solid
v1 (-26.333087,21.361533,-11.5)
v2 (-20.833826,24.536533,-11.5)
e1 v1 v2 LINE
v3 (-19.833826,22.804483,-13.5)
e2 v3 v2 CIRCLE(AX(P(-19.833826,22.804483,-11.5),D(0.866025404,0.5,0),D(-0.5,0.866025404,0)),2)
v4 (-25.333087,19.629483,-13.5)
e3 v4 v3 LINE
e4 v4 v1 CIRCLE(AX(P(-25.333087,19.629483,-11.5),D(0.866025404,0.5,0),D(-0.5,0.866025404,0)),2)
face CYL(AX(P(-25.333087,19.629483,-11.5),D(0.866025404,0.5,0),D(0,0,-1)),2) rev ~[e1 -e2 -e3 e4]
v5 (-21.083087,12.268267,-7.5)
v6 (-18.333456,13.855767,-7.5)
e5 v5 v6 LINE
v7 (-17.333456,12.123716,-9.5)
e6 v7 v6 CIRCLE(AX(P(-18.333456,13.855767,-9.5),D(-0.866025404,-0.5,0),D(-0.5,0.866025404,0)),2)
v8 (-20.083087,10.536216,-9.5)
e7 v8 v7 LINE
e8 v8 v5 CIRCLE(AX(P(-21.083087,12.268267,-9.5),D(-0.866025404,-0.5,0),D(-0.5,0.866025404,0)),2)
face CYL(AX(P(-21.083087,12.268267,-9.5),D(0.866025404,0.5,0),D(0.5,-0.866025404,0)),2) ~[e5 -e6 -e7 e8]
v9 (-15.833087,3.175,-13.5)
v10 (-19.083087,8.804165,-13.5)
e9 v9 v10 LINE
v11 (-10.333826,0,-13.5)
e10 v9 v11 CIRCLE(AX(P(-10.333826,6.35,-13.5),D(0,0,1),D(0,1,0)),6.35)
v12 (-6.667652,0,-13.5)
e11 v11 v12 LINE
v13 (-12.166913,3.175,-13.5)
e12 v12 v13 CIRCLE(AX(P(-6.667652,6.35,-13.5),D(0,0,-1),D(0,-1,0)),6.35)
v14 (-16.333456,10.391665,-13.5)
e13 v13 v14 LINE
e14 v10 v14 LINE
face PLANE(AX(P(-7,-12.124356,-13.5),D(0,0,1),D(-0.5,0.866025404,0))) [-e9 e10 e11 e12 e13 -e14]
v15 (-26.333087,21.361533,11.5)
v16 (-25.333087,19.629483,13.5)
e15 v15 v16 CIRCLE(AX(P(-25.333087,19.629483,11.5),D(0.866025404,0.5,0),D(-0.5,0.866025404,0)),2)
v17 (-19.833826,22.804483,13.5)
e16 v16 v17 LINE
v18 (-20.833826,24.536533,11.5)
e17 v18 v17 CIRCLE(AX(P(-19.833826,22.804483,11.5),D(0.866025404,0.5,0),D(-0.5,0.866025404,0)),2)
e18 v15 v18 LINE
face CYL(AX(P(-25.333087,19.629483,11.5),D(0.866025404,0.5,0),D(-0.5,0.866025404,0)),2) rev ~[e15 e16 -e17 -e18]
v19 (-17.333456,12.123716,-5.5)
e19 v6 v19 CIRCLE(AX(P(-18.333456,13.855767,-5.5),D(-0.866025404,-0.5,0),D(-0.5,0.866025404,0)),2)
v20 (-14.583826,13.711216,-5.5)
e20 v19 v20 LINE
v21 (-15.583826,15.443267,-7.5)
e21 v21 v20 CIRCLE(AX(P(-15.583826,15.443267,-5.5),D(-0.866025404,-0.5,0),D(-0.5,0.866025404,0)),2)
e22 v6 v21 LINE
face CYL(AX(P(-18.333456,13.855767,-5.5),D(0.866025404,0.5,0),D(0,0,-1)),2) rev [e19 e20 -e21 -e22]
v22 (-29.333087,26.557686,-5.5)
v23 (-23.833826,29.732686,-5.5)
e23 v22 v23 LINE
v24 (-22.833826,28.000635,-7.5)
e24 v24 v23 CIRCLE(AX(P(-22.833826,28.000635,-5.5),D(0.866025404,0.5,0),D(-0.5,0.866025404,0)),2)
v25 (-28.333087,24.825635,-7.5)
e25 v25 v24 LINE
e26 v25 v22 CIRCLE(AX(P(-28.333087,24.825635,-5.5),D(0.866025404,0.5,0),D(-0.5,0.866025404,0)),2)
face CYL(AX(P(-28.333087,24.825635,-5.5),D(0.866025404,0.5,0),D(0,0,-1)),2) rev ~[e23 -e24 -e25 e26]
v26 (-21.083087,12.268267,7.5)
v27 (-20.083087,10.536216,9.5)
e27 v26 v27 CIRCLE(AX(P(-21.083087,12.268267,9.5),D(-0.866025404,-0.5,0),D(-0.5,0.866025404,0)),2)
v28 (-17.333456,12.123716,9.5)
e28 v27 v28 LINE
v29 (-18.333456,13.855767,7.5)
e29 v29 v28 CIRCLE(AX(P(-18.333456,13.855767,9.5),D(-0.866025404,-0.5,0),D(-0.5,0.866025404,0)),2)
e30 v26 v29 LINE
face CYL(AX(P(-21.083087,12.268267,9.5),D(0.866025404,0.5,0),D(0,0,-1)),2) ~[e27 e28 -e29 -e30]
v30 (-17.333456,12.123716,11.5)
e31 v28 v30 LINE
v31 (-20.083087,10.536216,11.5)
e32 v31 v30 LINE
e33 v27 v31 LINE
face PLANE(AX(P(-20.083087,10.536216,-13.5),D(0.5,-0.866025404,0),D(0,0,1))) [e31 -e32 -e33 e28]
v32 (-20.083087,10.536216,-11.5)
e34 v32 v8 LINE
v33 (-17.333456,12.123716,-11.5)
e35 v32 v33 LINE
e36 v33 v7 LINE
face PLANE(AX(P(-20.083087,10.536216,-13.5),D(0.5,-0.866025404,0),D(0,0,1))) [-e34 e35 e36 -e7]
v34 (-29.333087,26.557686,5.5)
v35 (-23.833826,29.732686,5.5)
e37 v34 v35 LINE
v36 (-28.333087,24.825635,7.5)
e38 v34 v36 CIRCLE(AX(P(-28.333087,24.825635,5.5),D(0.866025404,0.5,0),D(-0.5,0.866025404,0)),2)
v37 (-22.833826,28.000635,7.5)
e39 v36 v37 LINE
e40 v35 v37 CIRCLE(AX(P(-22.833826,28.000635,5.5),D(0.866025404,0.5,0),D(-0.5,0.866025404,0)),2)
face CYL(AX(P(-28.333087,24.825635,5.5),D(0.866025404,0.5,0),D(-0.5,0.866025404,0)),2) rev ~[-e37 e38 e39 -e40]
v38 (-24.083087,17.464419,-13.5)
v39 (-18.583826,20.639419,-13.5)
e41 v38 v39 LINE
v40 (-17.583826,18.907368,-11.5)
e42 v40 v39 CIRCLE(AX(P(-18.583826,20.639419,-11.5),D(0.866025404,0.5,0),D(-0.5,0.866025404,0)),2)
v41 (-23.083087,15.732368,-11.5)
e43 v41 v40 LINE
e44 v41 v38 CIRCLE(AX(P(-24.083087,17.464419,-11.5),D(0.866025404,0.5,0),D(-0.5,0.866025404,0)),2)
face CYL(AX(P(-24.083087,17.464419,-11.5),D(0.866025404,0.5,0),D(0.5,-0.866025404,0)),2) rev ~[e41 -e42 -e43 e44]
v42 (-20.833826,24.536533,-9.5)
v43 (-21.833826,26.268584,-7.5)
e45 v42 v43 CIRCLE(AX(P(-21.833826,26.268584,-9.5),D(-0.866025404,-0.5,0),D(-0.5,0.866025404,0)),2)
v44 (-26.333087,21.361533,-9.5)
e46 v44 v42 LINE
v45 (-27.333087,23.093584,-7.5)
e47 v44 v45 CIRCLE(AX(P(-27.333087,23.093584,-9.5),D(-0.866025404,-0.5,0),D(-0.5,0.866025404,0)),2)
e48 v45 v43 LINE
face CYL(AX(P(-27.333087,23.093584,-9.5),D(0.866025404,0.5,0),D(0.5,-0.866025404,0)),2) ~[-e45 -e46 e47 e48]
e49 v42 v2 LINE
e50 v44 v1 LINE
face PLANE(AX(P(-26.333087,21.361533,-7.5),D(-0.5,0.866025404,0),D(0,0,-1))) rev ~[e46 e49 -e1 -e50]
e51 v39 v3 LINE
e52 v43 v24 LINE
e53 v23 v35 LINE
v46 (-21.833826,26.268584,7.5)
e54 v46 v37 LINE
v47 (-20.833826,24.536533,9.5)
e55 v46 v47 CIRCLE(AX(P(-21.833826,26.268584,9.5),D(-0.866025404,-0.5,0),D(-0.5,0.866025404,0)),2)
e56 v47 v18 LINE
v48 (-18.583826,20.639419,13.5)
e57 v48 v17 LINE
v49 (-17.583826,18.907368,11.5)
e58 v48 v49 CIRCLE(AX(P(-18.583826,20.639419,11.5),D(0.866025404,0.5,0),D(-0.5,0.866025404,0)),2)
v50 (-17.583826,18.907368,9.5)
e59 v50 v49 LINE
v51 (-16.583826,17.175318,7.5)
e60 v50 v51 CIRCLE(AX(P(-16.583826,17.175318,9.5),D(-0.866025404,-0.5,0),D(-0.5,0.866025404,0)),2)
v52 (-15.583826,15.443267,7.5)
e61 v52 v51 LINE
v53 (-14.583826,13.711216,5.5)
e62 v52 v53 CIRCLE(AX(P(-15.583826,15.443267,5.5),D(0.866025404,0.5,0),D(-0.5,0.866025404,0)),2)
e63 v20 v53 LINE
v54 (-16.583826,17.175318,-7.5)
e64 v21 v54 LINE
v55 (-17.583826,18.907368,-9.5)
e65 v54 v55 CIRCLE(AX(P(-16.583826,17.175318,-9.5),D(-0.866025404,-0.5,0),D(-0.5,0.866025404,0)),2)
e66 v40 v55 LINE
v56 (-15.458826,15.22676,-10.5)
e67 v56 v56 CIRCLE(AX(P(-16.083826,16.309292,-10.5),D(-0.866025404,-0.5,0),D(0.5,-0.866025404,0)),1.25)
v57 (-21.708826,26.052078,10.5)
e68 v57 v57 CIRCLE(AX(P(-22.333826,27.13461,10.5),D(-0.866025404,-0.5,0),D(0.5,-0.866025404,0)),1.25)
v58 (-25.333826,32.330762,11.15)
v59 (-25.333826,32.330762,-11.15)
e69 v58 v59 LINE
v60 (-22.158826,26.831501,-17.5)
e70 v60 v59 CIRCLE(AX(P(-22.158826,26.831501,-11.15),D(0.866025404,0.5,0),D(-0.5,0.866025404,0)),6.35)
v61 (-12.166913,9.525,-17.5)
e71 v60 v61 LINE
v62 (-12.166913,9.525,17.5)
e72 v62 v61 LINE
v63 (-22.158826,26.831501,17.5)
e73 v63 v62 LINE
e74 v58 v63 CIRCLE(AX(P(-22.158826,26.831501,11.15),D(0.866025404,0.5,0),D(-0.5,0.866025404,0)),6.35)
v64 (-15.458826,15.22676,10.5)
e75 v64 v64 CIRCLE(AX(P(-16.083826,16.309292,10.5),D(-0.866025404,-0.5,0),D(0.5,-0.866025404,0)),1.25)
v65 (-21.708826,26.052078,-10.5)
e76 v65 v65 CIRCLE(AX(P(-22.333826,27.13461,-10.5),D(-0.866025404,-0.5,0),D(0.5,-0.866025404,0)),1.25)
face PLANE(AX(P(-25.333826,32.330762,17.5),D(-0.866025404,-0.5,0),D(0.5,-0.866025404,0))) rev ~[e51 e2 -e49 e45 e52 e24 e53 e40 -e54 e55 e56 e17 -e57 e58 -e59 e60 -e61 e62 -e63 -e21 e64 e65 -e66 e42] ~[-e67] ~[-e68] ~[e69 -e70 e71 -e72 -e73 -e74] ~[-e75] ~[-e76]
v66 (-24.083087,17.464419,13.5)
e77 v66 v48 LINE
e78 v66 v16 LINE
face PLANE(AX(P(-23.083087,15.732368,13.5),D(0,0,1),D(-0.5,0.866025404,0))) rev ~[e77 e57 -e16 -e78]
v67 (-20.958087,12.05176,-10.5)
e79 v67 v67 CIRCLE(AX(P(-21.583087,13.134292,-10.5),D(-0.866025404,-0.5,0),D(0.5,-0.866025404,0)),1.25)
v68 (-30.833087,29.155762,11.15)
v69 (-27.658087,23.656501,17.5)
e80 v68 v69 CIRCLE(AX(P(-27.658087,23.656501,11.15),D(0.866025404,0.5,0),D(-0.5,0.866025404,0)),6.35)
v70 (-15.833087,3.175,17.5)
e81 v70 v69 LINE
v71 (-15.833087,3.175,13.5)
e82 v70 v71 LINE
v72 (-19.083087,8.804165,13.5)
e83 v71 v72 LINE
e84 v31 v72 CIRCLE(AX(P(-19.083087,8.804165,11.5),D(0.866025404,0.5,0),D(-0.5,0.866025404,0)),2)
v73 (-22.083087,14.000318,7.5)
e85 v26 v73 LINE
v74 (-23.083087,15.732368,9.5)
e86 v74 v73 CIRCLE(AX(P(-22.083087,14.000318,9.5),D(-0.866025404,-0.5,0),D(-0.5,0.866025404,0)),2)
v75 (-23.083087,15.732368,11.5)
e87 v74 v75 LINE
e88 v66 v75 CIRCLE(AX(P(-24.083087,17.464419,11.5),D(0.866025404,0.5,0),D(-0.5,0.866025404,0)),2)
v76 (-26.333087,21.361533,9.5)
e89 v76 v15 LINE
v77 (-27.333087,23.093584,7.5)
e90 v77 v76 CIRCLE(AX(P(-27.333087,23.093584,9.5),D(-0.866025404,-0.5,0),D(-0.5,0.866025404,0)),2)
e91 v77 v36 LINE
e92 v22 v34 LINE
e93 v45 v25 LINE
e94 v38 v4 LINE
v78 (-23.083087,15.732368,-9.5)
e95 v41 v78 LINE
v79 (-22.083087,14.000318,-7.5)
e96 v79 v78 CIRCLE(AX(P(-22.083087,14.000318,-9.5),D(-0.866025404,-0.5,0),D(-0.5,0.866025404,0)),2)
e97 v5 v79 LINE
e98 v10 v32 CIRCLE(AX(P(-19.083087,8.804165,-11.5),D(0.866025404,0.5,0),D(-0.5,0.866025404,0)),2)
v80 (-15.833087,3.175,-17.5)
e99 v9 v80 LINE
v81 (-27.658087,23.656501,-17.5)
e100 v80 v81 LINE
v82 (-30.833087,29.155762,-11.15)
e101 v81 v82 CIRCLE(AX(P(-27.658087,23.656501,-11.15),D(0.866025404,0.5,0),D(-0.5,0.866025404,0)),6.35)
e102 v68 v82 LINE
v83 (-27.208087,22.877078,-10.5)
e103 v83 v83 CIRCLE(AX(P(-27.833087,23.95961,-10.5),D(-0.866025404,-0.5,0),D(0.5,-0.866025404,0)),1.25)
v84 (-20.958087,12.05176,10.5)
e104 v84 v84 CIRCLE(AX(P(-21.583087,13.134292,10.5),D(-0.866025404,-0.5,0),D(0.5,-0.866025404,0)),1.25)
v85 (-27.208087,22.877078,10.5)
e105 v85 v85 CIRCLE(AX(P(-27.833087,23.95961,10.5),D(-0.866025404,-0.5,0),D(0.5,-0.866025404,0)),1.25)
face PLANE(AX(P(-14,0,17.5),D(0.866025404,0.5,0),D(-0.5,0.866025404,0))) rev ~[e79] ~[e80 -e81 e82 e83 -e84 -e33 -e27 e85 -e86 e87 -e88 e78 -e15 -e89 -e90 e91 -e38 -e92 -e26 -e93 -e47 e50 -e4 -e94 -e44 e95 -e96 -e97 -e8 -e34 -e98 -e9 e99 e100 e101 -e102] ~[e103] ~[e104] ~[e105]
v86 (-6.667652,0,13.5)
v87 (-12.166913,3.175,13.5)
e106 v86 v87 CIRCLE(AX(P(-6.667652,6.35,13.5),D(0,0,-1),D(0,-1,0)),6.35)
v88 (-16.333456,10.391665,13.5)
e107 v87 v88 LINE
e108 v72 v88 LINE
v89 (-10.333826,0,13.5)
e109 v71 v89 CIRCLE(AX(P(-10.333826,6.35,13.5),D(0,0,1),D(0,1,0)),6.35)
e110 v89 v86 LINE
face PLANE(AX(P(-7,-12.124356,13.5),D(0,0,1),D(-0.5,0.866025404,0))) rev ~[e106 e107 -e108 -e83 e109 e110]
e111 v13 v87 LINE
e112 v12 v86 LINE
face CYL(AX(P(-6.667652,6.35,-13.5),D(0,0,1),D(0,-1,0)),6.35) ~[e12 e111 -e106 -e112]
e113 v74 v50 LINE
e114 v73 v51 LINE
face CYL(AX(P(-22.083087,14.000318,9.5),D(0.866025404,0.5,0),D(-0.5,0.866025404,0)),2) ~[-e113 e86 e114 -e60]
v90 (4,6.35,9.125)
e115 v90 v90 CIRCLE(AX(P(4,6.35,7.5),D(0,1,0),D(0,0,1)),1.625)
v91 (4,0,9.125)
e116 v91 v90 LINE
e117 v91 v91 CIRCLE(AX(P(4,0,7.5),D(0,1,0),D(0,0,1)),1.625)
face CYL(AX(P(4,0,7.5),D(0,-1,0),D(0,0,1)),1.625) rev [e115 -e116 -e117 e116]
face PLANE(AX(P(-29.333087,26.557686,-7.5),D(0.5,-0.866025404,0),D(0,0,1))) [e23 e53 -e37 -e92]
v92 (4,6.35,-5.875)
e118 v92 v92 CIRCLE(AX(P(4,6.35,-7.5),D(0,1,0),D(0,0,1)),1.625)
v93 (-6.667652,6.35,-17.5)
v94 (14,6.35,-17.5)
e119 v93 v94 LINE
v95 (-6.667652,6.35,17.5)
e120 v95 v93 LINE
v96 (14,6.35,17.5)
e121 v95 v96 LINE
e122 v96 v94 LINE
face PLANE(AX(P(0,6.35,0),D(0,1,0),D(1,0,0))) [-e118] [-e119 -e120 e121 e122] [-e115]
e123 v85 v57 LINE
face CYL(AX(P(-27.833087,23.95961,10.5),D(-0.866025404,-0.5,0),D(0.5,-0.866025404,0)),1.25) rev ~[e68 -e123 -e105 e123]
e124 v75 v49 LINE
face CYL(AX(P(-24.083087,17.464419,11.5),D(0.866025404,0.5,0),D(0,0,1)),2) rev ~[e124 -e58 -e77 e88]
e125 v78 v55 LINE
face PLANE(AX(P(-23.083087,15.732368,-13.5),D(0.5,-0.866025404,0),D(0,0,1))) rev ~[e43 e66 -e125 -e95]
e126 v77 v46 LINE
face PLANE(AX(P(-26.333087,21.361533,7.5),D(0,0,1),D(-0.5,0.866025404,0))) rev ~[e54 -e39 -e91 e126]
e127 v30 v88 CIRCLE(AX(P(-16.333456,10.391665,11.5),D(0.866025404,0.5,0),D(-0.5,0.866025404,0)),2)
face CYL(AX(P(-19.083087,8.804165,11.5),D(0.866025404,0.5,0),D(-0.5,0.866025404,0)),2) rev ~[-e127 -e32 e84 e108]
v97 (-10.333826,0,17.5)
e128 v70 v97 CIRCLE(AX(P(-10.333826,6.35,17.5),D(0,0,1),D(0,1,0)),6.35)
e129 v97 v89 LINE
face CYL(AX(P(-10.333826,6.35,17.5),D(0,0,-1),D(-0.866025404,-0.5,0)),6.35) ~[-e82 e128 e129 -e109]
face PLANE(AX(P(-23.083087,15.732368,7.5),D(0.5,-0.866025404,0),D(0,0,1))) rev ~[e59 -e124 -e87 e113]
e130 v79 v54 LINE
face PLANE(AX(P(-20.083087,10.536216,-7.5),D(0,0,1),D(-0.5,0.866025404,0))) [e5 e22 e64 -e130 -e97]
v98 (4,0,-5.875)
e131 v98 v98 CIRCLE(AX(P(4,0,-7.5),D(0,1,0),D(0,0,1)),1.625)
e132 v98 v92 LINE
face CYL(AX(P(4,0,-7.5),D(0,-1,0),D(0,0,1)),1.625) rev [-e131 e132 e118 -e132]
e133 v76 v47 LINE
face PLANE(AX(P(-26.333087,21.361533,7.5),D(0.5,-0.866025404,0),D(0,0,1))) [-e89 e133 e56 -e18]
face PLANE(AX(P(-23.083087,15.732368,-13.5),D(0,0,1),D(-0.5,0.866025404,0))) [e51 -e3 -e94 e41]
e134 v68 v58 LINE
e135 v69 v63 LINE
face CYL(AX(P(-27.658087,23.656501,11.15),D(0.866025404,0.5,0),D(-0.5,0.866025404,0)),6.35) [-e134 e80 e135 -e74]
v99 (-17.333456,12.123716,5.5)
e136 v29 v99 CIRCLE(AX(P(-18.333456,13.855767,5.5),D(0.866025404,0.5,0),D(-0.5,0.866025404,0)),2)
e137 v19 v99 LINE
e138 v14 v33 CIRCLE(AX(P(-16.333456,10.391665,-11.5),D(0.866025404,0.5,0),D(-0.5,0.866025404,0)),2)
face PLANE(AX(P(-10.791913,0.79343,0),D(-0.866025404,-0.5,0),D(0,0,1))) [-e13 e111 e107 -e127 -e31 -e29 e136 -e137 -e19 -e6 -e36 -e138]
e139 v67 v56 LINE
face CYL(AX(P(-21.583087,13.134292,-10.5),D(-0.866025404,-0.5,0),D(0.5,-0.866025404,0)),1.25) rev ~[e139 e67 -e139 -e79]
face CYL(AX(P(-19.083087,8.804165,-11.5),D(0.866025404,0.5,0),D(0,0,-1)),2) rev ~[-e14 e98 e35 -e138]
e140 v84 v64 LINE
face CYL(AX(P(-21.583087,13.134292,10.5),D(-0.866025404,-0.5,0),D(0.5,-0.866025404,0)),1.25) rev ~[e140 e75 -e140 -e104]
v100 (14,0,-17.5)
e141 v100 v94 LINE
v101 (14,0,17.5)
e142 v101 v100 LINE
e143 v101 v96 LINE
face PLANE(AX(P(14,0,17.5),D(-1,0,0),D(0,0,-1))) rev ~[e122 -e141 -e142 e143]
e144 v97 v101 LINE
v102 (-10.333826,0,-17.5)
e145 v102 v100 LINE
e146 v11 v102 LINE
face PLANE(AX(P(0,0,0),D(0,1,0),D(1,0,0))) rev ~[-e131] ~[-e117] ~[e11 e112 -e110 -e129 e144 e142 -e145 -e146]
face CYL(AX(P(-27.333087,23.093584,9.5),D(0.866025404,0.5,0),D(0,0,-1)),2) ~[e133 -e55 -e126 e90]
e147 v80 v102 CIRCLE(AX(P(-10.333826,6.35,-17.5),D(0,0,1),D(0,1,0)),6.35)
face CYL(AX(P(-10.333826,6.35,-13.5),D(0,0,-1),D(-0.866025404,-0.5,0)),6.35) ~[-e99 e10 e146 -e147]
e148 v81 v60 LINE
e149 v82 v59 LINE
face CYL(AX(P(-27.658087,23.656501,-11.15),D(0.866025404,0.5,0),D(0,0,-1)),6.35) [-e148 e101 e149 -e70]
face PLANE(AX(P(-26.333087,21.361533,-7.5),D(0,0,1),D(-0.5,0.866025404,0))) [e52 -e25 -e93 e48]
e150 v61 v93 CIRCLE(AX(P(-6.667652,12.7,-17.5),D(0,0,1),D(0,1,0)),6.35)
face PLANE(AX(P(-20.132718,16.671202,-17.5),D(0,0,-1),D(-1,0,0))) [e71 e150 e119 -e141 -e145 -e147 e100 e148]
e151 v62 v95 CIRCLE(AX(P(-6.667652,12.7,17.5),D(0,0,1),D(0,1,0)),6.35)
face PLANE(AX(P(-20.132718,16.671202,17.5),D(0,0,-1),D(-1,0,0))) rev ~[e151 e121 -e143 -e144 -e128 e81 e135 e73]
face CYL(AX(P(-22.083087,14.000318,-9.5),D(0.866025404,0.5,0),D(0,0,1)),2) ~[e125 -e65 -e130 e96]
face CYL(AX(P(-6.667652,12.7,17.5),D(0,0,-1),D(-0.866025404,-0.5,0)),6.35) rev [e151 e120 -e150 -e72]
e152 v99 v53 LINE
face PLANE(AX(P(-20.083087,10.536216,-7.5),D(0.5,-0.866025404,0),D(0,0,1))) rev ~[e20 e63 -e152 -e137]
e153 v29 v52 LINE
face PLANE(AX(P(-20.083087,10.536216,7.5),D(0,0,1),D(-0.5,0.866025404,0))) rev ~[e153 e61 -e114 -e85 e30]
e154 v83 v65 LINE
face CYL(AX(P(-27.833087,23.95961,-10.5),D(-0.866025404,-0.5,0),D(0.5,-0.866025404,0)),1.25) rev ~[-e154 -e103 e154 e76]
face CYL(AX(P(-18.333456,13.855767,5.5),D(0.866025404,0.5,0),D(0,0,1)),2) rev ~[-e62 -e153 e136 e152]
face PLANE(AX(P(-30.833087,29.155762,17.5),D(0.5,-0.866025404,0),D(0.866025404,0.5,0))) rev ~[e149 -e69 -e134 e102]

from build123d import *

# Parameters (mm, degrees)
SKETCH1_W           = 28
SKETCH1_H           = 35
SKETCH1_R           = 1.625
BOSS_EXTRUDE1_DEPTH = 6.35
BOSS_EXTRUDE2_DEPTH = 35
SKETCH3_W           = 6
SKETCH3_H           = 6.5
SKETCH3_W_2         = 15
SKETCH3_H_2         = 6
SKETCH3_R           = 1.25
CUT_EXTRUDE1_DEPTH  = 6.35
SKETCH4_W           = 27
SKETCH4_H           = 26.166174209
CUT_EXTRUDE2_DEPTH  = 3.175
FILLET1_R           = 2
FILLET2_R           = 6.35
FILLET3_R           = 2


with BuildPart() as part:
    # Sketch1 → Boss-Extrude1 (new body)
    with BuildSketch(Plane(origin=(0, 0, 0), x_dir=(1, 0, 0), z_dir=(0, 1, 0))):
        Rectangle(SKETCH1_W, SKETCH1_H)
        with Locations(Location((4, 7.5, 0), (0, 0, 270))):
            Circle(SKETCH1_R, mode=Mode.SUBTRACT)
        with Locations(Location((4, -7.5, 0), (0, 0, 270))):
            Circle(SKETCH1_R, mode=Mode.SUBTRACT)
    extrude(amount=BOSS_EXTRUDE1_DEPTH)

    # Sketch2 → Boss-Extrude2 (add)
    with BuildSketch(Plane.XY.offset(17.5)):
        Polygon((-14, 0), (-30.833087105, 29.155762114), (-25.333825791, 32.330762114), (-10.333825791, 6.35), align=None)
    extrude(amount=-BOSS_EXTRUDE2_DEPTH)

    # Sketch3 → Cut-Extrude1 (cut)
    with BuildSketch(Plane(origin=(-10.5, -6.062177826, 0), x_dir=(0, 0, 1), z_dir=(-0.8660254037844415, -0.4999999999999949, 0))):
        with Locations((-10.5, 28.416174209)):
            Rectangle(SKETCH3_W, SKETCH3_H)
        with Locations((0, 28.416174209)):
            Rectangle(SKETCH3_W_2, SKETCH3_H)
        with Locations((0, 34.666174209)):
            Rectangle(SKETCH3_W_2, SKETCH3_H_2)
        with Locations(Location((-10.5, 34.666174209, 0), (0, 0, 270))):
            Circle(SKETCH3_R)
        with Locations(Location((-10.5, 22.166174209, 0), (0, 0, 270))):
            Circle(SKETCH3_R)
        with Locations(Location((10.5, 22.166174209, 0), (0, 0, 270))):
            Circle(SKETCH3_R)
        with Locations(Location((10.5, 34.666174209, 0), (0, 0, 270))):
            Circle(SKETCH3_R)
        with Locations((10.5, 28.416174209)):
            Rectangle(SKETCH3_W, SKETCH3_H)
        with Locations((0, 22.166174209)):
            Rectangle(SKETCH3_W_2, SKETCH3_H_2)
    extrude(amount=-CUT_EXTRUDE1_DEPTH, mode=Mode.SUBTRACT)

    # Sketch4 → Cut-Extrude2 (cut)
    with BuildSketch(Plane(origin=(-10.5, -6.062177826, 0), x_dir=(0, 0, 1), z_dir=(-0.8660254037844417, -0.49999999999999484, 0))):
        with Locations((0, 6.083087105)):
            Rectangle(SKETCH4_W, SKETCH4_H)
    extrude(amount=-CUT_EXTRUDE2_DEPTH, mode=Mode.SUBTRACT)

    # Fillet1
    fillet1_edges = [part.edges().sort_by_distance(p)[0] for p in [
        (-18.708271776, 11.329965932, 7.5),
        (-18.708271776, 11.329965932, 13.5),
        (-18.708271776, 11.329965932, -13.5),
        (-20.333456448, 17.319868355, -7.5),
        (-20.333456448, 17.319868355, -13.5),
        (-23.583456448, 22.949033479, -13.5),
        (-23.583456448, 22.949033479, -7.5),
        (-26.583456448, 28.145185902, -7.5),
        (-26.583456448, 28.145185902, 7.5),
        (-23.583456448, 22.949033479, 7.5),
        (-23.583456448, 22.949033479, 13.5),
        (-20.333456448, 17.319868355, 13.5),
        (-20.333456448, 17.319868355, 7.5),
        (-18.708271776, 11.329965932, -7.5),
    ]]
    fillet(fillet1_edges, radius=FILLET1_R)

    # Fillet2
    fillet2_edges = [part.edges().sort_by_distance(p)[0] for p in [
        (-14, 0, 15.5),
        (-14, 0, -15.5),
        (-10.333825791, 6.35, 0),
        (-28.083456448, 30.743262114, 17.5),
        (-28.083456448, 30.743262114, -17.5),
        (-10.333825791, 0, 0),
    ]]
    fillet(fillet2_edges, radius=FILLET2_R)

    # Fillet3
    fillet3_edges = [part.edges().sort_by_distance(p)[0] for p in [
        (-15.958641119, 12.917465932, 7.5),
        (-15.958641119, 12.917465932, -7.5),
    ]]
    fillet(fillet3_edges, radius=FILLET3_R)


solid = part.part
